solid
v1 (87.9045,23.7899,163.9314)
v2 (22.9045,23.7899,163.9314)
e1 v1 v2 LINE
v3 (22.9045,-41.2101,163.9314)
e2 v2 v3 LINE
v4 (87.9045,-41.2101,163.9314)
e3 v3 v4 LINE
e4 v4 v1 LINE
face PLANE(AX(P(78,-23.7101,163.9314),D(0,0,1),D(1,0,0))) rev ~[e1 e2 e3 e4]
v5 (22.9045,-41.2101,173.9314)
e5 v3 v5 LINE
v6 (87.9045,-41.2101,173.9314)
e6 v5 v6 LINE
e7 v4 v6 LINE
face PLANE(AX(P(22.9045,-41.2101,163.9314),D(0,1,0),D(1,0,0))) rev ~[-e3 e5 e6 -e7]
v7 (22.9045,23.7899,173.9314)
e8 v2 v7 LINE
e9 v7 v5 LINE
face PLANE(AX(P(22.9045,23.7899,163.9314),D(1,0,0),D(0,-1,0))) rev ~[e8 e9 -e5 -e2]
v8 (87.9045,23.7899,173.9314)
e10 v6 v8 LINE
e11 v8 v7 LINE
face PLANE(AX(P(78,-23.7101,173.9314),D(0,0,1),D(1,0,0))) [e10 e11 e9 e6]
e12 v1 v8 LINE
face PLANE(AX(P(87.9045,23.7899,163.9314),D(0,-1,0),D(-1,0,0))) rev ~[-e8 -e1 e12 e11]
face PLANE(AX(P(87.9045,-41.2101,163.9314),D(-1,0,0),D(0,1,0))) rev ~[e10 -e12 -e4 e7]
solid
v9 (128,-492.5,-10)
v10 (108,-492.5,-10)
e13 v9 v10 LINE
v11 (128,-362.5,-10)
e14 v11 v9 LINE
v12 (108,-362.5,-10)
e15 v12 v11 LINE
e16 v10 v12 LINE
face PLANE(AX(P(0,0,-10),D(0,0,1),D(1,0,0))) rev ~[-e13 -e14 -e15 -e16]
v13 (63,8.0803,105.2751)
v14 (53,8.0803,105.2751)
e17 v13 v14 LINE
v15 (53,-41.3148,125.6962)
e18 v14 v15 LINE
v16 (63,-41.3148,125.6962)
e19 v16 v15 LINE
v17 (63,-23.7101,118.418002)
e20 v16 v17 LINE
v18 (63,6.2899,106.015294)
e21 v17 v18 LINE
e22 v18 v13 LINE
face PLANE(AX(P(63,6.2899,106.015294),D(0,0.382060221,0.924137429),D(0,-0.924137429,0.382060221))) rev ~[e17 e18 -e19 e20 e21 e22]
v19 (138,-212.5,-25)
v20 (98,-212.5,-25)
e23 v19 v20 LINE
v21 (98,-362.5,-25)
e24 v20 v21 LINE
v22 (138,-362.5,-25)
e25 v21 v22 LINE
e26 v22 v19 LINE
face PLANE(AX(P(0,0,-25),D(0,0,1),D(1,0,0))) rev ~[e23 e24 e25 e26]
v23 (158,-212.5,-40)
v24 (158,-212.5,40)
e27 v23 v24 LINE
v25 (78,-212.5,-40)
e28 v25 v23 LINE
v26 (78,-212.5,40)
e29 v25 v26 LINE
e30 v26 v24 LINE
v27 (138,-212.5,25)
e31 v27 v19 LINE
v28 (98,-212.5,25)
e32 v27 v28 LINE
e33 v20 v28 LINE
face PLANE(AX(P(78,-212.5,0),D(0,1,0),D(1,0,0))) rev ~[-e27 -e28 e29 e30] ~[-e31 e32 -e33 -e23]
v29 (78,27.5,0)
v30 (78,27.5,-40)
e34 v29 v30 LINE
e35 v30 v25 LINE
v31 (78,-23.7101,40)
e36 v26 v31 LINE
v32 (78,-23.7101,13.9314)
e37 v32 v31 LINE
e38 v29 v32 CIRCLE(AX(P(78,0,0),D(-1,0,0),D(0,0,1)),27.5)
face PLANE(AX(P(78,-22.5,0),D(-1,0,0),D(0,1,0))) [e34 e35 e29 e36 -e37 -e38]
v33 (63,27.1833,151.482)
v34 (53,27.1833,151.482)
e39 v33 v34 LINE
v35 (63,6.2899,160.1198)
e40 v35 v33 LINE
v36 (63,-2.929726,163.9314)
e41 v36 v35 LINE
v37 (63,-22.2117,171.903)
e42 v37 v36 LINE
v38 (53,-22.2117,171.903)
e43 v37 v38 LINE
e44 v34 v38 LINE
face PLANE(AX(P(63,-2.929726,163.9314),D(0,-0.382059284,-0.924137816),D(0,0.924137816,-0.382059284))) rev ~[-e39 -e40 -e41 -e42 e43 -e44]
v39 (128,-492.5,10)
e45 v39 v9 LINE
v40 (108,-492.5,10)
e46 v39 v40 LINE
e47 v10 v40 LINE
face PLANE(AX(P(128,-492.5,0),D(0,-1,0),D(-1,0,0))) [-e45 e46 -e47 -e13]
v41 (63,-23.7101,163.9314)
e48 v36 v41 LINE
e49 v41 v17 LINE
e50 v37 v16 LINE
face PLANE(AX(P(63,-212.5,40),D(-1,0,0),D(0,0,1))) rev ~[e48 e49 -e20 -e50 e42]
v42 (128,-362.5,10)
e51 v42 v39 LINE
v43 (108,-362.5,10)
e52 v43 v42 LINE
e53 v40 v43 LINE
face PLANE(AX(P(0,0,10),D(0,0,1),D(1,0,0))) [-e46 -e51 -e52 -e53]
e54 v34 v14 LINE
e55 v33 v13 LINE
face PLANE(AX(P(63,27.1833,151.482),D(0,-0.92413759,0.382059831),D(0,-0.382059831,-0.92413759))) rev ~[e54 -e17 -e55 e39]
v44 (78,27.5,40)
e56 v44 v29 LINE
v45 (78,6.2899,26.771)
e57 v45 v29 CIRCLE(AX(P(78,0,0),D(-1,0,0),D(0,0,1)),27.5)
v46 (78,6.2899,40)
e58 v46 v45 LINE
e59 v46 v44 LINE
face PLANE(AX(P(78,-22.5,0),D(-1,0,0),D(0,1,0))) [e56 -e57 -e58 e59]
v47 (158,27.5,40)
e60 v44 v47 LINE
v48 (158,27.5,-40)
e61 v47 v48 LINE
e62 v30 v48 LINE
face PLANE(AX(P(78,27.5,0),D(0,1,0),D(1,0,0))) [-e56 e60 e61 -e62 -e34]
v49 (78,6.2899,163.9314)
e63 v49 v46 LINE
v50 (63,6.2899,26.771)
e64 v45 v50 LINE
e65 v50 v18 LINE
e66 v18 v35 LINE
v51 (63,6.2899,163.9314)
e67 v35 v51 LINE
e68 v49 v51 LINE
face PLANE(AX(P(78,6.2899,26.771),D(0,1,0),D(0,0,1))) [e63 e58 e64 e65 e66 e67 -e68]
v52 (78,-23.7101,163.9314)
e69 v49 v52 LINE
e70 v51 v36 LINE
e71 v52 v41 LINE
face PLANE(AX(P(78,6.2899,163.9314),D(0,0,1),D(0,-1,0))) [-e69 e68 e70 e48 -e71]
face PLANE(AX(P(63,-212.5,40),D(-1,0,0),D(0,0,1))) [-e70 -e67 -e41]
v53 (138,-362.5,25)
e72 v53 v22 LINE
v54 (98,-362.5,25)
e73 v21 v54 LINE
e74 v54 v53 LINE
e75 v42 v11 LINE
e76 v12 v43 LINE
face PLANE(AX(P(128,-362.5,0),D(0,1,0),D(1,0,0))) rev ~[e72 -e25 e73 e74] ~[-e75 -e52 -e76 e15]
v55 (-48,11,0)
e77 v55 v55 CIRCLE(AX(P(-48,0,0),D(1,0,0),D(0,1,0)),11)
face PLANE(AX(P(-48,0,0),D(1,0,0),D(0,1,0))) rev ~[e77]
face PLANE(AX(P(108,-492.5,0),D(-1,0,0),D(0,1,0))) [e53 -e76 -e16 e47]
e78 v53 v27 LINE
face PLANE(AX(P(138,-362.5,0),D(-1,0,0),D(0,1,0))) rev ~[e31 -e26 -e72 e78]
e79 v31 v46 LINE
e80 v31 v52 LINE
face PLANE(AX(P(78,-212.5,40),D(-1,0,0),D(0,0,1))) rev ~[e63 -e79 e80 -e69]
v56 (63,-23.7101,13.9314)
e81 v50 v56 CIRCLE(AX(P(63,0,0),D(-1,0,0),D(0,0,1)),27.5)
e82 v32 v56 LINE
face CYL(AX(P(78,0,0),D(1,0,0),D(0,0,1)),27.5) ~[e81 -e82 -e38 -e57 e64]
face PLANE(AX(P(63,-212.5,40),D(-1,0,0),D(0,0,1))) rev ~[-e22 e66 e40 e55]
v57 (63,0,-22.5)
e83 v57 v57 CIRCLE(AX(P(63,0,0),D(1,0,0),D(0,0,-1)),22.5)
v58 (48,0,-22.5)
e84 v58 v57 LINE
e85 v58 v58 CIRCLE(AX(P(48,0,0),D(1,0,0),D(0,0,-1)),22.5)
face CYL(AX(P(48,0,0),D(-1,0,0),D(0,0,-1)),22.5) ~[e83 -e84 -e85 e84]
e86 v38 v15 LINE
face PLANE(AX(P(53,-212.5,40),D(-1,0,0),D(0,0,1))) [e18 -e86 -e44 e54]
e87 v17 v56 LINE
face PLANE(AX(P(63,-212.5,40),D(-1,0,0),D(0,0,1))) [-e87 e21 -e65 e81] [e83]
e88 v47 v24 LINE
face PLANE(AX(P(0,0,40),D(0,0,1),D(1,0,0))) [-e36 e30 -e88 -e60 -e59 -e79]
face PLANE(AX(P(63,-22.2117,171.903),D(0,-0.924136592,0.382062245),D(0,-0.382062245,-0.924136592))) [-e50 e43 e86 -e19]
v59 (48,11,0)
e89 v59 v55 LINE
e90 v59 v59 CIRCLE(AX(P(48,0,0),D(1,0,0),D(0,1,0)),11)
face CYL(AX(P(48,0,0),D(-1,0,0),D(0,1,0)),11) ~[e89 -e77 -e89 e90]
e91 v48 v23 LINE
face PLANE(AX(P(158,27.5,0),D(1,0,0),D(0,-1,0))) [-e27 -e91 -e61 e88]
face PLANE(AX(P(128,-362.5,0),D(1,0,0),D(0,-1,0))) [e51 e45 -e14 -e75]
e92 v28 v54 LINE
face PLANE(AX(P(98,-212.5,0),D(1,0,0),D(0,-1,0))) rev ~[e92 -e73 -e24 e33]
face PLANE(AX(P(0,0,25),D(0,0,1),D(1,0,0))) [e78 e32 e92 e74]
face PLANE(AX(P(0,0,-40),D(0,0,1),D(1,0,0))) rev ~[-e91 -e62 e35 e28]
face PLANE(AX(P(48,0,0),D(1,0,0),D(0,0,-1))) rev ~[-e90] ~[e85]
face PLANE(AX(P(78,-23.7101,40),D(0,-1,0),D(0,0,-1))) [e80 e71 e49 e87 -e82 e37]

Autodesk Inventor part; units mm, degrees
ref_plane "YZ Plane" through (0, 0, 0) normal (1, 0, 0) x (0, 1, 0)
ref_plane "XZ Plane" through (0, 0, 0) normal (0, 1, 0) x (-1, 0, 0)
ref_plane "XY Plane" through (0, 0, 0) normal (0, 0, 1) x (1, 0, 0)
sketch "Sketch1" plane through (0, 0, 0) normal (0, 0, 1) x (1, 0, 0)
  line L0 (-76.6085, 0) -> (76.6085, 0) construction
  line L1 (-48, 0) -> (48, 0)
  line L2 (48, 0) -> (48, 11)
  line L3 (48, 11) -> (-48, 11)
  line L4 (-48, 11) -> (-48, 0)
  point P0 (0, 0)
  point P1 (0, 0)
  point P2 (0, 11)
  dimension "d0" = 96
  dimension "d1" = 11
revolve "Revolution1" add sketch "Sketch1" angle 360 about axis through (-76.6085, 0, 0) along (1, 0, 0)
sketch "Sketch2" plane through (48, 0, 0) normal (1, 0, 0) x (0, 0, -1)
  circle A0 centre (0, 0) radius 22.5
  dimension "d3" = 45
extrude "Extrusion1" add sketch "Sketch2" along normal blind 30
sketch "Sketch3" plane through (0, 0, 0) normal (0, 0, 1) x (1, 0, 0)
  line L0 (78, -22.5) -> (78, 22.5) projected
  line L1 (78, 27.5) -> (78, -212.5)
  line L2 (48, 22.5) -> (78, 22.5) projected
  line L3 (48, -22.5) -> (78, -22.5) projected
  line L4 (78, 27.5) -> (158, 27.5)
  line L5 (158, 27.5) -> (158, -212.5)
  line L6 (78, -212.5) -> (98, -212.5)
  line L7 (158, -212.5) -> (138, -212.5)
  line L8 (118, 27.5) -> (118, -212.5) construction
  line L9 (98, -212.5) -> (98, -362.5)
  line L10 (98, -362.5) -> (138, -362.5)
  line L11 (138, -362.5) -> (138, -212.5)
  line L12 (108, -362.5) -> (128, -362.5)
  line L13 (128, -362.5) -> (128, -492.5)
  line L14 (128, -492.5) -> (108, -492.5)
  line L15 (108, -492.5) -> (108, -362.5)
  line L16 (138, -212.5) -> (98, -212.5)
  point P0 (0, 0)
  point P1 (118, -362.5)
  dimension "d6" = 5
  dimension "d7" = 190
  dimension "d8" = 80
  dimension "d9" = 40
  dimension "d10" = 150
  dimension "d36" = 20
  dimension "d37" = 130
extrude "Extrusion2" add sketch "Sketch3" along normal mid plane 80 contours L0 L1 L4 L5 L7 L16 L6
sketch "Sketch4" plane through (78, -212.5, 40) normal (-1, 0, 0) x (0, 0, 1)
  circle A0 centre (-40, 212.5) radius 22.5 projected
  circle A1 centre (-40, 212.5) radius 27.5
  line L0 (-13.229, 218.7899) -> (123.9314, 218.7899)
  line L1 (123.9314, 218.7899) -> (123.9314, 188.7899)
  line L2 (123.9314, 188.7899) -> (-26.0686, 188.7899)
  line L3 (0, 240) -> (0, 0) projected
  dimension "d13" = 55
  dimension "d14" = 150
  dimension "d15" = 90
  dimension "d16" = 30
  dimension "d17" = 90
extrude "Extrusion3" add sketch "Sketch4" along normal blind 15
extrude "Extrusion7" add sketch "Sketch3" along normal mid plane 50 contours L16 L11 L10 L9
extrude "Extrusion8" add sketch "Sketch3" along normal mid plane 20 contours L10 L13 L14 L15
sketch "Sketch5" plane through (63, -212.5, 40) normal (-1, 0, 0) x (0, 0, 1)
  line L0 (123.9314, 218.7899) -> (-13.229, 218.7899) projected
  circle A0 centre (-40, 212.5) radius 22.5 projected
  arc A1 (-13.229, 218.7899) -> (-26.0686, 188.7899) centre (-40, 212.5) ccw projected
  line L1 (-26.0686, 188.7899) -> (123.9314, 188.7899) projected
  line L2 (123.9314, 188.7899) -> (123.9314, 218.7899) projected
  line L3 (123.9314, 218.7899) -> (-13.229, 218.7899) projected
  line L4 (123.9314, 188.7899) -> (123.9314, 218.7899) projected
  line L5 (131.903, 190.2883) -> (111.482, 239.6833)
  line L6 (111.482, 239.6833) -> (65.2751, 220.5803)
  line L7 (65.2751, 220.5803) -> (85.6962, 171.1852)
  line L8 (131.903, 190.2883) -> (85.6962, 171.1852)
  point P0 (123.9314, 203.7899)
  dimension "d61" = 50
sketch "Sketch9" plane through (78, -23.7101, 163.9314) normal (0, 0, 1) x (1, 0, 0)
  line L0 (0, 0) -> (0, 30) projected
  line L1 (9.9045, 47.5) -> (-55.0955, 47.5)
  line L2 (-55.0955, 47.5) -> (-55.0955, -17.5)
  line L3 (-55.0955, -17.5) -> (9.9045, -17.5)
  line L4 (9.9045, -17.5) -> (9.9045, 47.5)
  line L5 (25, 47.5) -> (-40, -17.5) construction
  line L6 (-40, 47.5) -> (25, -17.5) construction
  point P0 (-78, 23.7101)
  dimension "d56" = 65
  dimension "d57" = 65
extrude "Extrusion10" add sketch "Sketch9" along normal blind 10 separate body
extrude "Extrusion11" add sketch "Sketch5" along normal blind 10 contours L5 L2 L1 L7 L0 | L0 L7 L6 L5 | L5 L8 L7 L1 L2 bodies 1
sketch "Sketch10" plane through (78, -23.7101, 173.9314) normal (0, 0, 1) x (1, 0, 0)
  line L0 (-55.0955, -17.5) -> (9.9045, -17.5) projected
  line L1 (9.9045, 47.5) -> (-55.0955, 47.5) projected
  line L2 (9.9045, -17.5) -> (-55.0955, 47.5) construction
  line L3 (9.9045, 47.5) -> (-55.0955, -17.5) construction
  point P0 (-78, 23.7101)
  point P1 (-22.5955, 15)
properties part number "simp_burnisher"
